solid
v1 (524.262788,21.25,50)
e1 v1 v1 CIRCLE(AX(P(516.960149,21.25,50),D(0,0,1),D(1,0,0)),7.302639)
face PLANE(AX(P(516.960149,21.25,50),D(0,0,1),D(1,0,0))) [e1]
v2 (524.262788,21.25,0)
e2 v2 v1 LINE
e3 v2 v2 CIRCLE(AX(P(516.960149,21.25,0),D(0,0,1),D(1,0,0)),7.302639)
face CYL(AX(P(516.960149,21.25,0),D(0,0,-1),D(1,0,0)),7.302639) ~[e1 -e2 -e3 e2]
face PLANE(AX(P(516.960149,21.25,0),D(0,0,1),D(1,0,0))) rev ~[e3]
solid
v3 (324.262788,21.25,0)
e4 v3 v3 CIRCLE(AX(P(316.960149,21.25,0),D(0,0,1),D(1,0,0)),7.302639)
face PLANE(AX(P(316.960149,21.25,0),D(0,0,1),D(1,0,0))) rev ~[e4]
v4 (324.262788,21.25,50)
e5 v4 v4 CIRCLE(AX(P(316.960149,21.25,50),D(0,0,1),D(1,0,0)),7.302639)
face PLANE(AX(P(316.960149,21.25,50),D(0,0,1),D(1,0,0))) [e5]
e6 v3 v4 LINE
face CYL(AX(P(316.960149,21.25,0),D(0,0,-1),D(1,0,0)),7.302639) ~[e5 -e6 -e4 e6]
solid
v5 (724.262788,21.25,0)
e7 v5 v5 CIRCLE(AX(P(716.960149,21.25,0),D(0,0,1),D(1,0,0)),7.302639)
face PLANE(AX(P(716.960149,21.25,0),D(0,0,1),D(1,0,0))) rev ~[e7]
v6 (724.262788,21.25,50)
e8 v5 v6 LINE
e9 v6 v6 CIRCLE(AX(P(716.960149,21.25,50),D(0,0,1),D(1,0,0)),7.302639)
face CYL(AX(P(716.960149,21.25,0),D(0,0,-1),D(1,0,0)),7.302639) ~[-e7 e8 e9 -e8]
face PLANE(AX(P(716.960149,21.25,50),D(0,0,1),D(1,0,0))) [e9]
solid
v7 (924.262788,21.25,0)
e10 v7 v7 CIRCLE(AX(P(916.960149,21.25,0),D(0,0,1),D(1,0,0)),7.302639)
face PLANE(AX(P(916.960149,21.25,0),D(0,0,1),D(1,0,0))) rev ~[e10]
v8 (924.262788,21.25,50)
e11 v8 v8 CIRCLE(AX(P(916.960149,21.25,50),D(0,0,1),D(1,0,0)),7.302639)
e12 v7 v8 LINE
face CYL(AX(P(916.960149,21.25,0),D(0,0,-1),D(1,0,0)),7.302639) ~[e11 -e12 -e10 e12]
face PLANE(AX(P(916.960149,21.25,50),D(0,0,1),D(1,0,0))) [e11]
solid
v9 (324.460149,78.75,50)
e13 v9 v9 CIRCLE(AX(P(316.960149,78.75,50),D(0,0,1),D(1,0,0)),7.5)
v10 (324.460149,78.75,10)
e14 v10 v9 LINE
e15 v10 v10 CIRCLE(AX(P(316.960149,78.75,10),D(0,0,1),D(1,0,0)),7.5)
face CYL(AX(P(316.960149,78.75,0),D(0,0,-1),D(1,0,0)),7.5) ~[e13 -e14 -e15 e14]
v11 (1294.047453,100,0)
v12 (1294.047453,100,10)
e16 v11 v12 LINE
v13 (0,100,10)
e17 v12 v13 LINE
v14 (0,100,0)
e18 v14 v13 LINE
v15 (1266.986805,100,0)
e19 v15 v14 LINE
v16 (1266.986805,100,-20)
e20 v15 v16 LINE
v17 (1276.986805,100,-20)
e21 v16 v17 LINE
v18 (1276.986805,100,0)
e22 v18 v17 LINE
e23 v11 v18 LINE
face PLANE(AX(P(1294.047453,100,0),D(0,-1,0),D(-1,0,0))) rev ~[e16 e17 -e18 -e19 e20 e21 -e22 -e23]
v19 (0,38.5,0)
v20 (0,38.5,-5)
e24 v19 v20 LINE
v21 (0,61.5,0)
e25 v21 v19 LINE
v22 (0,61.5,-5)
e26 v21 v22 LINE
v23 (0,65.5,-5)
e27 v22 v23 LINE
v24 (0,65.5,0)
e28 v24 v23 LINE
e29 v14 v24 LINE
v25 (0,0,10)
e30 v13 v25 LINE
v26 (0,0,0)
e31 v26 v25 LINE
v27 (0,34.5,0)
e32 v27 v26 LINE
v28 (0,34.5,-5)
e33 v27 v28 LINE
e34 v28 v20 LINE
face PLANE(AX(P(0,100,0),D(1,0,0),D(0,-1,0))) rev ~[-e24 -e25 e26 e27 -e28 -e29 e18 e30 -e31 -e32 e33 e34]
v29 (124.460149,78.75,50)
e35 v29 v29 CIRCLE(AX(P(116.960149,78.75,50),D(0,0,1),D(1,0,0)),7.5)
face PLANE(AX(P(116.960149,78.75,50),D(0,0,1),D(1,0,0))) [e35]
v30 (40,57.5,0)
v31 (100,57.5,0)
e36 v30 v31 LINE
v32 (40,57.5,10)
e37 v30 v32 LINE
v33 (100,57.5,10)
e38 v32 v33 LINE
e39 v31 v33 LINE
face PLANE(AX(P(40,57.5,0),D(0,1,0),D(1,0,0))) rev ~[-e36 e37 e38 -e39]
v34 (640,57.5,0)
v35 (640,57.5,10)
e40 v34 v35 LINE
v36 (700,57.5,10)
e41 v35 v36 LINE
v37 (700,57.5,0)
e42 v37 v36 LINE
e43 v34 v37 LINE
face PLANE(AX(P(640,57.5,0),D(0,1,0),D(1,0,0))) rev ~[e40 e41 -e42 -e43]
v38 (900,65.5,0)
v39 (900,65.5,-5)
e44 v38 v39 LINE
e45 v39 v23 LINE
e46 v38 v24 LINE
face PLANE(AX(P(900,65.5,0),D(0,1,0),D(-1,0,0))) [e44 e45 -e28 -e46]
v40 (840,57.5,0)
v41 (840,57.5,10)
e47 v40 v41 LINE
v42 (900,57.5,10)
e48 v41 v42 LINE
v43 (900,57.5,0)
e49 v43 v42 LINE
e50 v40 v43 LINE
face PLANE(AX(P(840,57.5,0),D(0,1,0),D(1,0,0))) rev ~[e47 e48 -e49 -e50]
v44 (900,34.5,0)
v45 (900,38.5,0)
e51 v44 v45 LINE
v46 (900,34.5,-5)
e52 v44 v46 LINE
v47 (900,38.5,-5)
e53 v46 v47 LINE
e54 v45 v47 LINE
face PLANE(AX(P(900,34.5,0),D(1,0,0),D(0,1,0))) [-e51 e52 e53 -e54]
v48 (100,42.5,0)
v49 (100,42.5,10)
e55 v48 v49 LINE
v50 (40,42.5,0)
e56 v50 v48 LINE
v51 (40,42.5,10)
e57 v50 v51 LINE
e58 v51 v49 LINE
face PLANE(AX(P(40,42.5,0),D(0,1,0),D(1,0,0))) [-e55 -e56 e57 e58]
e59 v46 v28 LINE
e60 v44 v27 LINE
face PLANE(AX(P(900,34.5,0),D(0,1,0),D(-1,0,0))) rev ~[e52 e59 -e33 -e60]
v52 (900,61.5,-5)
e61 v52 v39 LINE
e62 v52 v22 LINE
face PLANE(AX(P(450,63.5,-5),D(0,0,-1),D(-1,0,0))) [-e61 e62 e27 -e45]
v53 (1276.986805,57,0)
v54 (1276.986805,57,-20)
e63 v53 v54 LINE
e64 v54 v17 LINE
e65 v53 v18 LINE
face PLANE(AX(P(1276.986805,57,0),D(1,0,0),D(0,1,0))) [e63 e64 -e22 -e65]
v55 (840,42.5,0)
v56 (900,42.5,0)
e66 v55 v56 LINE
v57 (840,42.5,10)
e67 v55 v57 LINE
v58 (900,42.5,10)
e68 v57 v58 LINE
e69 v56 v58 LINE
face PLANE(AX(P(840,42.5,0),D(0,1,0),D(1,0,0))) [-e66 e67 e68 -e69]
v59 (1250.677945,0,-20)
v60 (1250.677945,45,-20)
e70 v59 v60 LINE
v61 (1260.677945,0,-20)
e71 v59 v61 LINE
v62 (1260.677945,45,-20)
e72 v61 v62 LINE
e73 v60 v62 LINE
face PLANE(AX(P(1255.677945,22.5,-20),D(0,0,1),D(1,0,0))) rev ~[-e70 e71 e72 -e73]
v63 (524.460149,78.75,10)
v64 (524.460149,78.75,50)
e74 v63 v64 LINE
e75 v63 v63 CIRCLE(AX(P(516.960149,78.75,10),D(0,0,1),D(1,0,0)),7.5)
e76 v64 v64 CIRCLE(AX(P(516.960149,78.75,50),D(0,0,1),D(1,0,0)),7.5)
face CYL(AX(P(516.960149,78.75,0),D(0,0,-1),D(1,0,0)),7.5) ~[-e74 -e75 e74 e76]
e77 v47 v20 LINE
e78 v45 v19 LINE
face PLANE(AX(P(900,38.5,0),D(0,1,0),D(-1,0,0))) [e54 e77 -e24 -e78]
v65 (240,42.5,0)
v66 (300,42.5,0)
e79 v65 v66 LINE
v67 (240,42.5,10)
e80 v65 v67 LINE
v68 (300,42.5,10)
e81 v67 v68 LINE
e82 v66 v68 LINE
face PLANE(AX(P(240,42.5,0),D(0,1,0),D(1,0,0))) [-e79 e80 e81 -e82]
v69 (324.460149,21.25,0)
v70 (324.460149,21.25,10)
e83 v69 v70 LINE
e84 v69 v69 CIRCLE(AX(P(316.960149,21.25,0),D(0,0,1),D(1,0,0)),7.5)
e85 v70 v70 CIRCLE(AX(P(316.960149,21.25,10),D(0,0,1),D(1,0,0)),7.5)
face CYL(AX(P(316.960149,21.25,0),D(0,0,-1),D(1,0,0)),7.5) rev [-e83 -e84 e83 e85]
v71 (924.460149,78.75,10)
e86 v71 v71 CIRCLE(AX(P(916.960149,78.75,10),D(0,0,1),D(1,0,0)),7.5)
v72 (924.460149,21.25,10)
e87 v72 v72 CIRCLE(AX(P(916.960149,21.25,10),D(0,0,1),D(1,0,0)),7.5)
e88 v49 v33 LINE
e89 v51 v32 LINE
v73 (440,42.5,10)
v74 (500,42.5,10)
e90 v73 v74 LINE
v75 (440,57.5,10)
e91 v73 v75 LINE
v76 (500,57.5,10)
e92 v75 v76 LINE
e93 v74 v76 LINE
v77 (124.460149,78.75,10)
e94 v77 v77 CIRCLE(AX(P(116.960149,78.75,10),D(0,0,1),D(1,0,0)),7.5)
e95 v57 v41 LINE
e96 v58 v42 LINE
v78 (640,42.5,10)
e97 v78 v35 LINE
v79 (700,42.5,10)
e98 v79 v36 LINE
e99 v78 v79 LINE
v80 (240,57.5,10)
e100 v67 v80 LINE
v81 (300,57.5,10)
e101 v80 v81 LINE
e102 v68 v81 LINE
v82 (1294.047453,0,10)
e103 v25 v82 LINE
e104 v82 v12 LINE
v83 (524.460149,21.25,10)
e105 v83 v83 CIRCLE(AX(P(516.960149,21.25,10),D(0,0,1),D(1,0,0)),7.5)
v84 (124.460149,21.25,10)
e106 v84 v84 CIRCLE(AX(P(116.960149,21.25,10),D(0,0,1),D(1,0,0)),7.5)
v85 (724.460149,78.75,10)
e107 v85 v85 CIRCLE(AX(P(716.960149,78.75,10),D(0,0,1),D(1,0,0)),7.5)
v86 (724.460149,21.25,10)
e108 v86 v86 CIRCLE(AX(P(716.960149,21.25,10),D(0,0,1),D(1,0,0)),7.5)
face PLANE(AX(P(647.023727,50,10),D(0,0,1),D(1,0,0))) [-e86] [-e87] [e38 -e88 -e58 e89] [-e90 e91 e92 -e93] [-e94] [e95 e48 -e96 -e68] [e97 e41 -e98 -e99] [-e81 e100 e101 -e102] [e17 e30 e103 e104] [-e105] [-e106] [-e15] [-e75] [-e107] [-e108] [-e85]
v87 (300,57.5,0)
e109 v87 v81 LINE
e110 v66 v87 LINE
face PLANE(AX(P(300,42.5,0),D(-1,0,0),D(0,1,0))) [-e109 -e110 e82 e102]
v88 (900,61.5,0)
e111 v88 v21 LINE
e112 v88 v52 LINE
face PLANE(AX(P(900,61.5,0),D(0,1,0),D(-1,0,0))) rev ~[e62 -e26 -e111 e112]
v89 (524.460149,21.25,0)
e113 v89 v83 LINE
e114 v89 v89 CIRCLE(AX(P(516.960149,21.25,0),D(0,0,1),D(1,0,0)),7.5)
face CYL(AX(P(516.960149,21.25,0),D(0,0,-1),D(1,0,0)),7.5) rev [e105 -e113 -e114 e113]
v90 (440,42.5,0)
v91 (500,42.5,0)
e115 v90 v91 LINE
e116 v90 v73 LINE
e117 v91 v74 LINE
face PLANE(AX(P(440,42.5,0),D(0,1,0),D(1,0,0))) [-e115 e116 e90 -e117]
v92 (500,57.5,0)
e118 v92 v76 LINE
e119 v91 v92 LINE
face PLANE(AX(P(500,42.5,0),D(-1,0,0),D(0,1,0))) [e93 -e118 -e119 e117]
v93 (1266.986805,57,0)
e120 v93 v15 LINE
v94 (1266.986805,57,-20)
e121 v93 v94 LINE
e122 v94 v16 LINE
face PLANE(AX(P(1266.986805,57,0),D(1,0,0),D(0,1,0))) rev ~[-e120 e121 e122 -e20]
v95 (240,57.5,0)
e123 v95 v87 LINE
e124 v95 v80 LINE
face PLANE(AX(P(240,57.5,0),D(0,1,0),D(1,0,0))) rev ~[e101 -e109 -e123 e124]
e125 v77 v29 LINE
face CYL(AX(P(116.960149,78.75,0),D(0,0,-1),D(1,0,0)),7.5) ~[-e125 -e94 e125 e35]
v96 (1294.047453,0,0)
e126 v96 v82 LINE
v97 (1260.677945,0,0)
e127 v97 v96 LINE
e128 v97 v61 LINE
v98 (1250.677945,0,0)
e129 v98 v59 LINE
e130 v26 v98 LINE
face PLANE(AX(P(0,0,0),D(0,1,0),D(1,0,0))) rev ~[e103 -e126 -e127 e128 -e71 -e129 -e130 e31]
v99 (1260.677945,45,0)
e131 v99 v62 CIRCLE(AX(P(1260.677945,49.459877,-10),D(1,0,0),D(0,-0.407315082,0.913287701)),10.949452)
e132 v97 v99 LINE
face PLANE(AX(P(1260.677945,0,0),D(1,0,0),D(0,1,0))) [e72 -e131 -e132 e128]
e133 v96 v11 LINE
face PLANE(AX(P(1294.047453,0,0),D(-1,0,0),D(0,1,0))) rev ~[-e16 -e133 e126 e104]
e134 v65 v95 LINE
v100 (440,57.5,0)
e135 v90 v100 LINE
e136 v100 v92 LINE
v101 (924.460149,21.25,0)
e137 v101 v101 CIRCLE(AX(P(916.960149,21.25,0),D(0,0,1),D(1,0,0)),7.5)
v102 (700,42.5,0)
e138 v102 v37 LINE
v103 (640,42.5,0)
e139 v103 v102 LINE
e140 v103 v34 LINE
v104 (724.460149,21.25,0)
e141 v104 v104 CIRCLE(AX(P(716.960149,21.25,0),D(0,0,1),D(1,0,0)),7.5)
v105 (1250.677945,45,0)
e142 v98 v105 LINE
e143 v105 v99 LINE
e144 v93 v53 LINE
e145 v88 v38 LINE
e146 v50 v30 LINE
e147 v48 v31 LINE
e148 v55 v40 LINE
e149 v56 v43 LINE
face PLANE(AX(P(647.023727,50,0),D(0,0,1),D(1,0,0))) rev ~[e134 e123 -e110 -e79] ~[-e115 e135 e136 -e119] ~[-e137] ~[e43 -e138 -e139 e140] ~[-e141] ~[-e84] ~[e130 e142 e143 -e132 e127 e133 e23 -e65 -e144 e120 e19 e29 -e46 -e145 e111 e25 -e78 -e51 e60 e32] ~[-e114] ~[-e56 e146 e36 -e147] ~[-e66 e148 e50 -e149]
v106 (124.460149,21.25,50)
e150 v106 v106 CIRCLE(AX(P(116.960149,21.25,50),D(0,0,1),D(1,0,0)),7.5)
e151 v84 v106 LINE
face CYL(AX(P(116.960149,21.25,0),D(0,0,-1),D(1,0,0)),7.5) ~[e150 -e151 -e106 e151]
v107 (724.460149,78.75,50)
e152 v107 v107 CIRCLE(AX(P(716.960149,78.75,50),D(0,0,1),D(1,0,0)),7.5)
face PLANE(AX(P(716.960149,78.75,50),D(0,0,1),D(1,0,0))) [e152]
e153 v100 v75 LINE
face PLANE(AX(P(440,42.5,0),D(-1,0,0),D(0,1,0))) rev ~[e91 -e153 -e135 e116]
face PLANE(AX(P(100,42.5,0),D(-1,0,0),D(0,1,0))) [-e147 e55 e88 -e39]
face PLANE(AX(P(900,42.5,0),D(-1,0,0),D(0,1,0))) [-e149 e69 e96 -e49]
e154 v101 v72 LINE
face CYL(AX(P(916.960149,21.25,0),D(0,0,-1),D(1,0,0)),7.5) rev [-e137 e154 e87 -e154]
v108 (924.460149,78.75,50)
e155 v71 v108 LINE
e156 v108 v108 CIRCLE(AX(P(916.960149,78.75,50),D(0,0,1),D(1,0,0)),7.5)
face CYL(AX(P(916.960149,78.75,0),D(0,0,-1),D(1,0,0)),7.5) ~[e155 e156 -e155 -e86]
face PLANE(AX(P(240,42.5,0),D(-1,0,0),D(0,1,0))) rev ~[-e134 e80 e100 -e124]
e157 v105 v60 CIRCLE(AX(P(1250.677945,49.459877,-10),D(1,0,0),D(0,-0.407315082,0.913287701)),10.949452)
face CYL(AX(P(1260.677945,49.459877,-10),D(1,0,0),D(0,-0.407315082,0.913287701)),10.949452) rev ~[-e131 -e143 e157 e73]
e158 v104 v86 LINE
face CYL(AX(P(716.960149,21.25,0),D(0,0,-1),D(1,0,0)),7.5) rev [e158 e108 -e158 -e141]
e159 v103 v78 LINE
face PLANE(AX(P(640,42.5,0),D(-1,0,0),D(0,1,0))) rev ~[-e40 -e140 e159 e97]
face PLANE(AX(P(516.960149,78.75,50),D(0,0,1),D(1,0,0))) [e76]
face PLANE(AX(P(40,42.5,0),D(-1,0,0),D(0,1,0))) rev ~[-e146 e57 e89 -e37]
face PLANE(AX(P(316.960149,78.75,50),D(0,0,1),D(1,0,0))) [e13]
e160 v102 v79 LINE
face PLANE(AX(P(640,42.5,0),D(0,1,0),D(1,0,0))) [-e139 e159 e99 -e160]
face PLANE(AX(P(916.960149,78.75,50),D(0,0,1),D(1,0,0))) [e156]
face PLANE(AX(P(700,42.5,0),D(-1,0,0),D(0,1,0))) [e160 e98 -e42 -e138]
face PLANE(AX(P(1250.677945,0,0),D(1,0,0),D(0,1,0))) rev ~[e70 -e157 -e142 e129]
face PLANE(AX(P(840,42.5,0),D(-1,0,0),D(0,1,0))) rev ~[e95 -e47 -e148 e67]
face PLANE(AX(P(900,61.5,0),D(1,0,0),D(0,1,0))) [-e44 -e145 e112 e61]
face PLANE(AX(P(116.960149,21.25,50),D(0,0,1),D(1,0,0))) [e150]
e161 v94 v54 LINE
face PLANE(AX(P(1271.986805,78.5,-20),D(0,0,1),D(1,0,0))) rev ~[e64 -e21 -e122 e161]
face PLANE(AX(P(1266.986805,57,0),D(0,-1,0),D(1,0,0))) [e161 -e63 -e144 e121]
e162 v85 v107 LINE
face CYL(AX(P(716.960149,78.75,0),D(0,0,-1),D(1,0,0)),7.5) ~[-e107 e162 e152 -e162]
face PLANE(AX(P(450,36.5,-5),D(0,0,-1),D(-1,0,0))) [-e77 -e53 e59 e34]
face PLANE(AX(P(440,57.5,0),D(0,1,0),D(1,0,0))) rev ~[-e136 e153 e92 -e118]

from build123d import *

# Parameters (mm, degrees)
SKETCH1_R               = 7.5
SKETCH1_W               = 60
SKETCH1_H               = 15
BOSS_EXTRUDE1_DEPTH     = 10
SKETCH3_R               = 7.5
SKETCH3_R_2             = 7.302638812
BOSS_EXTRUDE3_DEPTH     = 50
SKETCH6_W               = 900
SKETCH6_H               = 4
BOSS_EXTRUDE6_DEPTH     = 5
SKETCH7_W               = 10
SKETCH7_H               = 43
SKETCH7_H_2             = 45
BOSS_EXTRUDE7_DEPTH     = 20
CUT_EXTRUDE1_DEPTH      = 34.369507749
CUT_EXTRUDE1_DEPTH_BACK = 20


with BuildPart() as part:
    # Sketch1 → Boss-Extrude1 (new body)
    with BuildSketch(Plane.XY):
        Polygon((0, 0), (1000, 0), (1294.047453025, 0), (1294.047453025, 100), (1000, 100), (0, 100), align=None)
        with Locations((116.960149429, 78.75)):
            Circle(SKETCH1_R, mode=Mode.SUBTRACT)
        with Locations((116.960149429, 21.25)):
            Circle(SKETCH1_R, mode=Mode.SUBTRACT)
        with Locations((316.960149429, 78.75)):
            Circle(SKETCH1_R, mode=Mode.SUBTRACT)
        with Locations((316.960149429, 21.25)):
            Circle(SKETCH1_R, mode=Mode.SUBTRACT)
        with Locations((516.960149429, 78.75)):
            Circle(SKETCH1_R, mode=Mode.SUBTRACT)
        with Locations((516.960149429, 21.25)):
            Circle(SKETCH1_R, mode=Mode.SUBTRACT)
        with Locations((716.960149429, 78.75)):
            Circle(SKETCH1_R, mode=Mode.SUBTRACT)
        with Locations((716.960149429, 21.25)):
            Circle(SKETCH1_R, mode=Mode.SUBTRACT)
        with Locations((916.960149429, 78.75)):
            Circle(SKETCH1_R, mode=Mode.SUBTRACT)
        with Locations((916.960149429, 21.25)):
            Circle(SKETCH1_R, mode=Mode.SUBTRACT)
        with Locations((70, 50)):
            Rectangle(SKETCH1_W, SKETCH1_H, mode=Mode.SUBTRACT)
        with Locations((270, 50)):
            Rectangle(SKETCH1_W, SKETCH1_H, mode=Mode.SUBTRACT)
        with Locations((470, 50)):
            Rectangle(SKETCH1_W, SKETCH1_H, mode=Mode.SUBTRACT)
        with Locations((670, 50)):
            Rectangle(SKETCH1_W, SKETCH1_H, mode=Mode.SUBTRACT)
        with Locations((870, 50)):
            Rectangle(SKETCH1_W, SKETCH1_H, mode=Mode.SUBTRACT)
    extrude(amount=BOSS_EXTRUDE1_DEPTH)

    # Sketch3 → Boss-Extrude3 (add)
    with BuildSketch(Plane.XY):
        with Locations((116.960149429, 78.75)):
            Circle(SKETCH3_R)
        with Locations((116.960149429, 21.25)):
            Circle(SKETCH3_R)
        with Locations((316.960149429, 78.75)):
            Circle(SKETCH3_R)
        with Locations((316.960149429, 21.25)):
            Circle(SKETCH3_R_2)
        with Locations((516.960149429, 21.25)):
            Circle(SKETCH3_R_2)
        with Locations((516.960149429, 78.75)):
            Circle(SKETCH3_R)
        with Locations((716.960149429, 21.25)):
            Circle(SKETCH3_R_2)
        with Locations((716.960149429, 78.75)):
            Circle(SKETCH3_R)
        with Locations((916.960149429, 21.25)):
            Circle(SKETCH3_R_2)
        with Locations((916.960149429, 78.75)):
            Circle(SKETCH3_R)
    extrude(amount=BOSS_EXTRUDE3_DEPTH)

    # Sketch6 → Boss-Extrude6 (add)
    with BuildSketch(Plane(origin=(0, 0, 0), x_dir=(-1, 0, 0), z_dir=(0, 0, -1))):
        with Locations((-450, 63.5)):
            Rectangle(SKETCH6_W, SKETCH6_H)
        with Locations((-450, 36.5)):
            Rectangle(SKETCH6_W, SKETCH6_H)
    extrude(amount=BOSS_EXTRUDE6_DEPTH)

    # Sketch7 → Boss-Extrude7 (add)
    with BuildSketch(Plane.XY):
        with Locations((1271.986804567, 78.5)):
            Rectangle(SKETCH7_W, SKETCH7_H)
        with Locations((1255.677945276, 22.5)):
            Rectangle(SKETCH7_W, SKETCH7_H_2)
    extrude(amount=-BOSS_EXTRUDE7_DEPTH)

    # Sketch9 → Cut-Extrude1 (cut, two sides)
    with BuildSketch(Plane(origin=(1260.677945276, 0, 0), x_dir=(0, 0, -1), z_dir=(1, 0, 0))) as cut_extrude1_sk:
        with BuildLine():
            Line((20, 45), (0, 45))
            ThreePointArc((0, 45), (10, 38.510424835), (20, 45))
        make_face()
    extrude(amount=CUT_EXTRUDE1_DEPTH, mode=Mode.SUBTRACT)
    extrude(cut_extrude1_sk.sketch, amount=-CUT_EXTRUDE1_DEPTH_BACK, mode=Mode.SUBTRACT)


solid = part.part
